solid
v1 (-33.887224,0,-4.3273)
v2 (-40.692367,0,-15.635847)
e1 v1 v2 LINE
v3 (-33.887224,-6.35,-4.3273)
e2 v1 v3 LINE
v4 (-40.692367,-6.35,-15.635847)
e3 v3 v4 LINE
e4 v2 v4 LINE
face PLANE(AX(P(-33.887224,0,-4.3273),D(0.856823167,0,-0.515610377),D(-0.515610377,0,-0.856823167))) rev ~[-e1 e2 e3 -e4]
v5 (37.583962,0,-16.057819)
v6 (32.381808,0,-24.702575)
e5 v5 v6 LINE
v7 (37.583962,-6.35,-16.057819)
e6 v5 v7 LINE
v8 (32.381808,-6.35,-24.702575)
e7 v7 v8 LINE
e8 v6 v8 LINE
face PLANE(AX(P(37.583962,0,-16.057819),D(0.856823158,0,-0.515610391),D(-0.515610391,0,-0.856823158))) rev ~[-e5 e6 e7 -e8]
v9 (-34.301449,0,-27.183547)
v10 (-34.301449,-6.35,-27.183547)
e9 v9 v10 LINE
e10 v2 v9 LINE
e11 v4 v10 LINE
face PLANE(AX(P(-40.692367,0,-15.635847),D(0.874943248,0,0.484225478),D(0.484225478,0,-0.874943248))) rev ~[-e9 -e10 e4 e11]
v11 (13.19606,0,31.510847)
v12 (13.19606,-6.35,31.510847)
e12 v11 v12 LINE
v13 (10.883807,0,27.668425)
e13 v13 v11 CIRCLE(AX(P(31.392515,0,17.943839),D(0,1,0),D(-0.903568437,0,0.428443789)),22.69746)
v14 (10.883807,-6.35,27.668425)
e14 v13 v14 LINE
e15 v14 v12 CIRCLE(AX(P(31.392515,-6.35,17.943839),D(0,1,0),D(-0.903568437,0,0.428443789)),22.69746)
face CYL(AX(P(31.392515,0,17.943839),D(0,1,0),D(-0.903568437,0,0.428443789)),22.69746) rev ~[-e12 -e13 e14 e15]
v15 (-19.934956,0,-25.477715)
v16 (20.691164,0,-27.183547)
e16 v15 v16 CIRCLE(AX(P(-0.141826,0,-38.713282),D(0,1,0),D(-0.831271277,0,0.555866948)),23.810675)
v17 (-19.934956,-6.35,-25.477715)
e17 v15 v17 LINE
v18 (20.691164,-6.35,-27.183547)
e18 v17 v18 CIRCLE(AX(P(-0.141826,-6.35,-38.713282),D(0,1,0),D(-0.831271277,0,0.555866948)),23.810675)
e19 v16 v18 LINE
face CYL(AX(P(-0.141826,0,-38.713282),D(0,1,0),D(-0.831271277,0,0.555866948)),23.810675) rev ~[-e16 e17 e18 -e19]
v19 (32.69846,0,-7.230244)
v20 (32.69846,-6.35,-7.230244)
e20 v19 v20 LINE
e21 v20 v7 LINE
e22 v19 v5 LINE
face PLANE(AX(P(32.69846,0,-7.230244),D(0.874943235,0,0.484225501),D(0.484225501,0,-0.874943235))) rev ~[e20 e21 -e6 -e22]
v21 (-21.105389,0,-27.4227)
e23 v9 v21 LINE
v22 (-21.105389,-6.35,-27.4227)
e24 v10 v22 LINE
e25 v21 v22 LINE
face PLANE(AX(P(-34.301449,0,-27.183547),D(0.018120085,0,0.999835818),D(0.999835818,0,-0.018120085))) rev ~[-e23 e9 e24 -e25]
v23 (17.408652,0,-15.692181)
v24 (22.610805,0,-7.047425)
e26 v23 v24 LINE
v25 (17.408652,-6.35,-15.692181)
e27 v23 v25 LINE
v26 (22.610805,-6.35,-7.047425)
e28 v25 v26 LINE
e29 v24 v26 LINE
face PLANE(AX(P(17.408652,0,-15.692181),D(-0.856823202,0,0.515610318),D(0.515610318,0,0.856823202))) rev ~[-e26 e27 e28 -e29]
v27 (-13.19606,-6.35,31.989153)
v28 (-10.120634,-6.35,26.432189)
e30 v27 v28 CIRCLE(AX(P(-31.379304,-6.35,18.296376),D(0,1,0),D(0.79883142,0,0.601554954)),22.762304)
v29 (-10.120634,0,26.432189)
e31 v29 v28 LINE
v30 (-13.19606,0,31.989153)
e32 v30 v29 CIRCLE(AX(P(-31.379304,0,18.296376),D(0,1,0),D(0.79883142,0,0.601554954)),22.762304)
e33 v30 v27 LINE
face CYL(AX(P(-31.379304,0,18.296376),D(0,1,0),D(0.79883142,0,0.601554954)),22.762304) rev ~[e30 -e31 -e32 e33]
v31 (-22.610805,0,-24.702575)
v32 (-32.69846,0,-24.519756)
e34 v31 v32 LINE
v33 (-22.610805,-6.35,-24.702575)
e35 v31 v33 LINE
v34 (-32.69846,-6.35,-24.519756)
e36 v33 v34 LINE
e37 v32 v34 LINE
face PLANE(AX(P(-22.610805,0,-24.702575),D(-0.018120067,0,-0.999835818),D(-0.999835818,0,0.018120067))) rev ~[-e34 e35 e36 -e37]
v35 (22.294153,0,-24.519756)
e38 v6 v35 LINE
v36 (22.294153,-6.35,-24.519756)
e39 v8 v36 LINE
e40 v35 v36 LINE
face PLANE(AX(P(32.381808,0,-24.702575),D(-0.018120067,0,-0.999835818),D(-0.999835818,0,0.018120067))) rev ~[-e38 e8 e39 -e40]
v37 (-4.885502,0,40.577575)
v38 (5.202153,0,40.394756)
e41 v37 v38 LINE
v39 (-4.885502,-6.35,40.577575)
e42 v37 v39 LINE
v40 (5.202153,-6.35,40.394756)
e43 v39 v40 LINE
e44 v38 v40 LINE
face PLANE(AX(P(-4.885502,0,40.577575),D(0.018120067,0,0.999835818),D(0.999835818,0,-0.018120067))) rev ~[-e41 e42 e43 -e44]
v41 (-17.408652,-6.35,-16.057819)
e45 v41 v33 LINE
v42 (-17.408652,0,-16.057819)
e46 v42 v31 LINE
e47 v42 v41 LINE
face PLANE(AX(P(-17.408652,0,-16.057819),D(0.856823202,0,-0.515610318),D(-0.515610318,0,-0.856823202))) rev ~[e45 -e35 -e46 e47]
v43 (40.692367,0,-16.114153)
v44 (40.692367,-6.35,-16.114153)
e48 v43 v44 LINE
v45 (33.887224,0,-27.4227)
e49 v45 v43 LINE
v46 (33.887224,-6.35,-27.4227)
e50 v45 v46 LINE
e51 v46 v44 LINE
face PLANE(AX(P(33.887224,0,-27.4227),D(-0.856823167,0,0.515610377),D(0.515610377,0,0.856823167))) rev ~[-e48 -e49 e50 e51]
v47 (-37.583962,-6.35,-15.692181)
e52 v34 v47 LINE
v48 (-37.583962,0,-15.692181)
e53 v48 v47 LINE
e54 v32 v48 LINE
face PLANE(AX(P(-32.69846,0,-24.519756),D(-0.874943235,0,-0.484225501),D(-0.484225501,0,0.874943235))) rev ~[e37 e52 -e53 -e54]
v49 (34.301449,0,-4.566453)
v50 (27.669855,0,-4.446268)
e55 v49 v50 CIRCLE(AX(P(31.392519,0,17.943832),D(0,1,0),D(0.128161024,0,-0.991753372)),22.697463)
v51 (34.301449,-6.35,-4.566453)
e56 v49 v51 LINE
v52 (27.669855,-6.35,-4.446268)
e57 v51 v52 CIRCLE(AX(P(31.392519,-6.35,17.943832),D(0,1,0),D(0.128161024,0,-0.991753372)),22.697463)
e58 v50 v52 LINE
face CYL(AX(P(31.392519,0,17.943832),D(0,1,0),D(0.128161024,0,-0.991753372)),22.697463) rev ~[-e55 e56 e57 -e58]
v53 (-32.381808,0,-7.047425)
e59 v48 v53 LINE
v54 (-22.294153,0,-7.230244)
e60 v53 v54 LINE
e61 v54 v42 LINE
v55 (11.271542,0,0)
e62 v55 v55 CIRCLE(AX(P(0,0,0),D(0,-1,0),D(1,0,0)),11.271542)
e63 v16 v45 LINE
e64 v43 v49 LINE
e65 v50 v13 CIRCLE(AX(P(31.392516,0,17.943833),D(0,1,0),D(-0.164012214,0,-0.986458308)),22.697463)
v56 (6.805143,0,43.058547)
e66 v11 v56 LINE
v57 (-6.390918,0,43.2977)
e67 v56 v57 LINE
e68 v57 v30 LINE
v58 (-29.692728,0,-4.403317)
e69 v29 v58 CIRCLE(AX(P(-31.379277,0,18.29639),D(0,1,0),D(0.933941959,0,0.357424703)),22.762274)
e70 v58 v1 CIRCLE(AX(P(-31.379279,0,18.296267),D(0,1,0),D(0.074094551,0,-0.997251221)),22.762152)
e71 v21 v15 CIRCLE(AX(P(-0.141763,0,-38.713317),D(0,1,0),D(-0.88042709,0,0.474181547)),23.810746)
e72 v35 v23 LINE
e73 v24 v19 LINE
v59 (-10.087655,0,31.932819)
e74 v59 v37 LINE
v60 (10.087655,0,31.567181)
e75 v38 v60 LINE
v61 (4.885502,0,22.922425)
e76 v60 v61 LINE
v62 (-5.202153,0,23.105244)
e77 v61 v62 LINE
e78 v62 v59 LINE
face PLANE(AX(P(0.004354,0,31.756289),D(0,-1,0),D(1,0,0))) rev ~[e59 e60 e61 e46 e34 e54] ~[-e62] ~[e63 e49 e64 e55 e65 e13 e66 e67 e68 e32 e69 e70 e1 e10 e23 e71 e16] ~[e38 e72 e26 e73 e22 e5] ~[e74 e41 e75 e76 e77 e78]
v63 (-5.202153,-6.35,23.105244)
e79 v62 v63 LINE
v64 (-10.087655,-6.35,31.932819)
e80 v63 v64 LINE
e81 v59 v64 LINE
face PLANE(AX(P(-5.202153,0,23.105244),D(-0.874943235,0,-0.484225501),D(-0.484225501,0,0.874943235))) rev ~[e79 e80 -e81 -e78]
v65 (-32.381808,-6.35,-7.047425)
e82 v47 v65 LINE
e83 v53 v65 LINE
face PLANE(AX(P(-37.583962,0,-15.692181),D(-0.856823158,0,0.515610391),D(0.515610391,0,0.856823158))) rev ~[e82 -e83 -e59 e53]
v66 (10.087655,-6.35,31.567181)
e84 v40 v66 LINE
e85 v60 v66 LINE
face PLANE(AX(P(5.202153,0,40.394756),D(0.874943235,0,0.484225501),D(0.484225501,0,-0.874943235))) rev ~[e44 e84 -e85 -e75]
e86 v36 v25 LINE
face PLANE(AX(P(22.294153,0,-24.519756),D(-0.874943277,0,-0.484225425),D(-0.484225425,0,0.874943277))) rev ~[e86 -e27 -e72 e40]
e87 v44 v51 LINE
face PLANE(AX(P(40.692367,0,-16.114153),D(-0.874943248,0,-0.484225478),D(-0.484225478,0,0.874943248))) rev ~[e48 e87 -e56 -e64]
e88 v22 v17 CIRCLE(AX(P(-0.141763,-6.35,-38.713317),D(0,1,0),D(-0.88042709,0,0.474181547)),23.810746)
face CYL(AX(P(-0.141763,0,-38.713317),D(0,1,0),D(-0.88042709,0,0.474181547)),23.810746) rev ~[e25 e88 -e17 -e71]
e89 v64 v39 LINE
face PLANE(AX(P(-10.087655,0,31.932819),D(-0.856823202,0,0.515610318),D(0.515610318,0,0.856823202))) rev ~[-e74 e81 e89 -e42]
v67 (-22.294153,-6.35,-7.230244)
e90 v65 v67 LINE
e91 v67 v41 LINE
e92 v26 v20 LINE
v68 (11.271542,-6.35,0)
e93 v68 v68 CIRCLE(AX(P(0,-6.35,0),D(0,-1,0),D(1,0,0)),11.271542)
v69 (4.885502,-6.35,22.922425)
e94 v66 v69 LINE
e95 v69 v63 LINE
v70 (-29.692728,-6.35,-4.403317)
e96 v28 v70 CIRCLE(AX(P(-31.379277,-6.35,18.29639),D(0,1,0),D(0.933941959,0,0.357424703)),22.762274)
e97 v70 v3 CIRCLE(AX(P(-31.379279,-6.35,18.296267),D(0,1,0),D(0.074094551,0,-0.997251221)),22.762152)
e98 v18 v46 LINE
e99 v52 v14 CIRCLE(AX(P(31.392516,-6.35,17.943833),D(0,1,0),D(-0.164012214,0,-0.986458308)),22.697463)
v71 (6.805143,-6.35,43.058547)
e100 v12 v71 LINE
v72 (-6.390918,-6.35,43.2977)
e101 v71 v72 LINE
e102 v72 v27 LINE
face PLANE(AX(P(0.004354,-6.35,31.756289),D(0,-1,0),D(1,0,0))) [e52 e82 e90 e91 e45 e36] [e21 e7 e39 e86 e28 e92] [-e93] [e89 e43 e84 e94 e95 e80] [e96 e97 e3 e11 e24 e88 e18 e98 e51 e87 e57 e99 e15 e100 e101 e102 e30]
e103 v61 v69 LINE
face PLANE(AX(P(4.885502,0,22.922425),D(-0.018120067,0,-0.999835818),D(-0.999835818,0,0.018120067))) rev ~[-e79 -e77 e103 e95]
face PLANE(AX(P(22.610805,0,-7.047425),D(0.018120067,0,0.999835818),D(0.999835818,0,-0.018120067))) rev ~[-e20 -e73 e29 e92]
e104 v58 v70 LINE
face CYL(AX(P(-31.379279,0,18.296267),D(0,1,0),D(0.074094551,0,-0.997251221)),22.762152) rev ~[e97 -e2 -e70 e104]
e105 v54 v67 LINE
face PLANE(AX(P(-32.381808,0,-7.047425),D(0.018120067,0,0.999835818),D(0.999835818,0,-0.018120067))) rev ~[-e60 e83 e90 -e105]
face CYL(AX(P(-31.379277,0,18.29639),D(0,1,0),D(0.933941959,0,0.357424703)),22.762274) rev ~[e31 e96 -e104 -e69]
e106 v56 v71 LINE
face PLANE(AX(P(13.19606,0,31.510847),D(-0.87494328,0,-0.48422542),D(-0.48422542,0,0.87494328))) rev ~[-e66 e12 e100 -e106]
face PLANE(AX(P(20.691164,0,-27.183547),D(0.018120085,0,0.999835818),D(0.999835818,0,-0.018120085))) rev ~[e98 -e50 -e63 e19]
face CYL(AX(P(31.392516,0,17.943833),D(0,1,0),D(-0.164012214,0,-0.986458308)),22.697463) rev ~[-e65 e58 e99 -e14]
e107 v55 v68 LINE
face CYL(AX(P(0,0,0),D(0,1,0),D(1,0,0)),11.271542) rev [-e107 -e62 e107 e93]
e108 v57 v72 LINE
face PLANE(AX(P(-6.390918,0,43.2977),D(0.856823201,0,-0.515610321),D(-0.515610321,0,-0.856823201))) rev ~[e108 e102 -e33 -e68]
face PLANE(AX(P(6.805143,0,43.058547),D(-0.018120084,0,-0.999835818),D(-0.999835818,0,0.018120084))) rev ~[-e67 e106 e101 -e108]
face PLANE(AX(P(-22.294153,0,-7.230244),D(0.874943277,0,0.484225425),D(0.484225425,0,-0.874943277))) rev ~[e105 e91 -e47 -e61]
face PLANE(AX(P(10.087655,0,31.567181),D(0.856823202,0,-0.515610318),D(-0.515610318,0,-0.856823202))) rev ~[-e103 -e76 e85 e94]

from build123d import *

# Parameters (mm, degrees)
F0_R     = 11.271542
F1_DEPTH = 6.35


with BuildPart() as f1:
    # F0 (on Front) → F1 (new body)
    with BuildSketch(Plane.XZ):
        with BuildLine():
            Line((-6.390918, 43.2977), (-13.19606, 31.989153))
            ThreePointArc((-13.19606, 31.989153), (-11.463579, 29.318463), (-10.120634, 26.432189))
            Line((-10.120634, 26.432189), (-6.805143, 20.441453))
            Line((-6.805143, 20.441453), (6.390918, 20.2023))
            Line((6.390918, 20.2023), (10.883807, 27.668425))
            ThreePointArc((10.883807, 27.668425), (11.944804, 29.646882), (13.19606, 31.510847))
            Line((13.19606, 31.510847), (6.805143, 43.058547))
            Line((6.805143, 43.058547), (-6.390918, 43.2977))
        make_face()
        Polygon((-5.202153, 23.105244), (-10.087655, 31.932819), (-4.885502, 40.577575), (5.202153, 40.394756), (10.087655, 31.567181), (4.885502, 22.922425), align=None, mode=Mode.SUBTRACT)
        with BuildLine():
            Line((-6.805143, 20.441453), (-10.120634, 26.432189))
            ThreePointArc((-10.120634, 26.432189), (-12.16138, 6.098293), (-29.692728, -4.403317))
            Line((-29.692728, -4.403317), (-20.691164, -4.566453))
            Line((-20.691164, -4.566453), (-14.300246, -16.114153))
            Line((-14.300246, -16.114153), (-19.934956, -25.477715))
            ThreePointArc((-19.934956, -25.477715), (0.85707, -14.923569), (20.691164, -27.183547))
            Line((20.691164, -27.183547), (14.300246, -15.635847))
            Line((14.300246, -15.635847), (21.105389, -4.3273))
            Line((21.105389, -4.3273), (27.669855, -4.446268))
            ThreePointArc((27.669855, -4.446268), (11.277144, 7.429717), (10.883807, 27.668425))
            Line((10.883807, 27.668425), (6.390918, 20.2023))
            Line((6.390918, 20.2023), (-6.805143, 20.441453))
        make_face()
        Circle(F0_R, mode=Mode.SUBTRACT)
        with BuildLine():
            Line((-20.691164, -4.566453), (-29.692728, -4.403317))
            ThreePointArc((-29.692728, -4.403317), (-31.791731, -4.462148), (-33.887224, -4.3273))
            Line((-33.887224, -4.3273), (-40.692367, -15.635847))
            Line((-40.692367, -15.635847), (-34.301449, -27.183547))
            Line((-34.301449, -27.183547), (-21.105389, -27.4227))
            ThreePointArc((-21.105389, -27.4227), (-20.543364, -26.436252), (-19.934956, -25.477715))
            Line((-19.934956, -25.477715), (-14.300246, -16.114153))
            Line((-14.300246, -16.114153), (-20.691164, -4.566453))
        make_face()
        Polygon((-17.408652, -16.057819), (-22.610805, -24.702575), (-32.69846, -24.519756), (-37.583962, -15.692181), (-32.381808, -7.047425), (-22.294153, -7.230244), align=None, mode=Mode.SUBTRACT)
        with BuildLine():
            ThreePointArc((34.301449, -4.566453), (30.981239, -4.749904), (27.669855, -4.446268))
            Line((27.669855, -4.446268), (21.105389, -4.3273))
            Line((21.105389, -4.3273), (14.300246, -15.635847))
            Line((14.300246, -15.635847), (20.691164, -27.183547))
            Line((20.691164, -27.183547), (33.887224, -27.4227))
            Line((33.887224, -27.4227), (40.692367, -16.114153))
            Line((40.692367, -16.114153), (34.301449, -4.566453))
        make_face()
        Polygon((22.610805, -7.047425), (32.69846, -7.230244), (37.583962, -16.057819), (32.381808, -24.702575), (22.294153, -24.519756), (17.408652, -15.692181), align=None, mode=Mode.SUBTRACT)
    extrude(amount=F1_DEPTH)


solid = f1.part
